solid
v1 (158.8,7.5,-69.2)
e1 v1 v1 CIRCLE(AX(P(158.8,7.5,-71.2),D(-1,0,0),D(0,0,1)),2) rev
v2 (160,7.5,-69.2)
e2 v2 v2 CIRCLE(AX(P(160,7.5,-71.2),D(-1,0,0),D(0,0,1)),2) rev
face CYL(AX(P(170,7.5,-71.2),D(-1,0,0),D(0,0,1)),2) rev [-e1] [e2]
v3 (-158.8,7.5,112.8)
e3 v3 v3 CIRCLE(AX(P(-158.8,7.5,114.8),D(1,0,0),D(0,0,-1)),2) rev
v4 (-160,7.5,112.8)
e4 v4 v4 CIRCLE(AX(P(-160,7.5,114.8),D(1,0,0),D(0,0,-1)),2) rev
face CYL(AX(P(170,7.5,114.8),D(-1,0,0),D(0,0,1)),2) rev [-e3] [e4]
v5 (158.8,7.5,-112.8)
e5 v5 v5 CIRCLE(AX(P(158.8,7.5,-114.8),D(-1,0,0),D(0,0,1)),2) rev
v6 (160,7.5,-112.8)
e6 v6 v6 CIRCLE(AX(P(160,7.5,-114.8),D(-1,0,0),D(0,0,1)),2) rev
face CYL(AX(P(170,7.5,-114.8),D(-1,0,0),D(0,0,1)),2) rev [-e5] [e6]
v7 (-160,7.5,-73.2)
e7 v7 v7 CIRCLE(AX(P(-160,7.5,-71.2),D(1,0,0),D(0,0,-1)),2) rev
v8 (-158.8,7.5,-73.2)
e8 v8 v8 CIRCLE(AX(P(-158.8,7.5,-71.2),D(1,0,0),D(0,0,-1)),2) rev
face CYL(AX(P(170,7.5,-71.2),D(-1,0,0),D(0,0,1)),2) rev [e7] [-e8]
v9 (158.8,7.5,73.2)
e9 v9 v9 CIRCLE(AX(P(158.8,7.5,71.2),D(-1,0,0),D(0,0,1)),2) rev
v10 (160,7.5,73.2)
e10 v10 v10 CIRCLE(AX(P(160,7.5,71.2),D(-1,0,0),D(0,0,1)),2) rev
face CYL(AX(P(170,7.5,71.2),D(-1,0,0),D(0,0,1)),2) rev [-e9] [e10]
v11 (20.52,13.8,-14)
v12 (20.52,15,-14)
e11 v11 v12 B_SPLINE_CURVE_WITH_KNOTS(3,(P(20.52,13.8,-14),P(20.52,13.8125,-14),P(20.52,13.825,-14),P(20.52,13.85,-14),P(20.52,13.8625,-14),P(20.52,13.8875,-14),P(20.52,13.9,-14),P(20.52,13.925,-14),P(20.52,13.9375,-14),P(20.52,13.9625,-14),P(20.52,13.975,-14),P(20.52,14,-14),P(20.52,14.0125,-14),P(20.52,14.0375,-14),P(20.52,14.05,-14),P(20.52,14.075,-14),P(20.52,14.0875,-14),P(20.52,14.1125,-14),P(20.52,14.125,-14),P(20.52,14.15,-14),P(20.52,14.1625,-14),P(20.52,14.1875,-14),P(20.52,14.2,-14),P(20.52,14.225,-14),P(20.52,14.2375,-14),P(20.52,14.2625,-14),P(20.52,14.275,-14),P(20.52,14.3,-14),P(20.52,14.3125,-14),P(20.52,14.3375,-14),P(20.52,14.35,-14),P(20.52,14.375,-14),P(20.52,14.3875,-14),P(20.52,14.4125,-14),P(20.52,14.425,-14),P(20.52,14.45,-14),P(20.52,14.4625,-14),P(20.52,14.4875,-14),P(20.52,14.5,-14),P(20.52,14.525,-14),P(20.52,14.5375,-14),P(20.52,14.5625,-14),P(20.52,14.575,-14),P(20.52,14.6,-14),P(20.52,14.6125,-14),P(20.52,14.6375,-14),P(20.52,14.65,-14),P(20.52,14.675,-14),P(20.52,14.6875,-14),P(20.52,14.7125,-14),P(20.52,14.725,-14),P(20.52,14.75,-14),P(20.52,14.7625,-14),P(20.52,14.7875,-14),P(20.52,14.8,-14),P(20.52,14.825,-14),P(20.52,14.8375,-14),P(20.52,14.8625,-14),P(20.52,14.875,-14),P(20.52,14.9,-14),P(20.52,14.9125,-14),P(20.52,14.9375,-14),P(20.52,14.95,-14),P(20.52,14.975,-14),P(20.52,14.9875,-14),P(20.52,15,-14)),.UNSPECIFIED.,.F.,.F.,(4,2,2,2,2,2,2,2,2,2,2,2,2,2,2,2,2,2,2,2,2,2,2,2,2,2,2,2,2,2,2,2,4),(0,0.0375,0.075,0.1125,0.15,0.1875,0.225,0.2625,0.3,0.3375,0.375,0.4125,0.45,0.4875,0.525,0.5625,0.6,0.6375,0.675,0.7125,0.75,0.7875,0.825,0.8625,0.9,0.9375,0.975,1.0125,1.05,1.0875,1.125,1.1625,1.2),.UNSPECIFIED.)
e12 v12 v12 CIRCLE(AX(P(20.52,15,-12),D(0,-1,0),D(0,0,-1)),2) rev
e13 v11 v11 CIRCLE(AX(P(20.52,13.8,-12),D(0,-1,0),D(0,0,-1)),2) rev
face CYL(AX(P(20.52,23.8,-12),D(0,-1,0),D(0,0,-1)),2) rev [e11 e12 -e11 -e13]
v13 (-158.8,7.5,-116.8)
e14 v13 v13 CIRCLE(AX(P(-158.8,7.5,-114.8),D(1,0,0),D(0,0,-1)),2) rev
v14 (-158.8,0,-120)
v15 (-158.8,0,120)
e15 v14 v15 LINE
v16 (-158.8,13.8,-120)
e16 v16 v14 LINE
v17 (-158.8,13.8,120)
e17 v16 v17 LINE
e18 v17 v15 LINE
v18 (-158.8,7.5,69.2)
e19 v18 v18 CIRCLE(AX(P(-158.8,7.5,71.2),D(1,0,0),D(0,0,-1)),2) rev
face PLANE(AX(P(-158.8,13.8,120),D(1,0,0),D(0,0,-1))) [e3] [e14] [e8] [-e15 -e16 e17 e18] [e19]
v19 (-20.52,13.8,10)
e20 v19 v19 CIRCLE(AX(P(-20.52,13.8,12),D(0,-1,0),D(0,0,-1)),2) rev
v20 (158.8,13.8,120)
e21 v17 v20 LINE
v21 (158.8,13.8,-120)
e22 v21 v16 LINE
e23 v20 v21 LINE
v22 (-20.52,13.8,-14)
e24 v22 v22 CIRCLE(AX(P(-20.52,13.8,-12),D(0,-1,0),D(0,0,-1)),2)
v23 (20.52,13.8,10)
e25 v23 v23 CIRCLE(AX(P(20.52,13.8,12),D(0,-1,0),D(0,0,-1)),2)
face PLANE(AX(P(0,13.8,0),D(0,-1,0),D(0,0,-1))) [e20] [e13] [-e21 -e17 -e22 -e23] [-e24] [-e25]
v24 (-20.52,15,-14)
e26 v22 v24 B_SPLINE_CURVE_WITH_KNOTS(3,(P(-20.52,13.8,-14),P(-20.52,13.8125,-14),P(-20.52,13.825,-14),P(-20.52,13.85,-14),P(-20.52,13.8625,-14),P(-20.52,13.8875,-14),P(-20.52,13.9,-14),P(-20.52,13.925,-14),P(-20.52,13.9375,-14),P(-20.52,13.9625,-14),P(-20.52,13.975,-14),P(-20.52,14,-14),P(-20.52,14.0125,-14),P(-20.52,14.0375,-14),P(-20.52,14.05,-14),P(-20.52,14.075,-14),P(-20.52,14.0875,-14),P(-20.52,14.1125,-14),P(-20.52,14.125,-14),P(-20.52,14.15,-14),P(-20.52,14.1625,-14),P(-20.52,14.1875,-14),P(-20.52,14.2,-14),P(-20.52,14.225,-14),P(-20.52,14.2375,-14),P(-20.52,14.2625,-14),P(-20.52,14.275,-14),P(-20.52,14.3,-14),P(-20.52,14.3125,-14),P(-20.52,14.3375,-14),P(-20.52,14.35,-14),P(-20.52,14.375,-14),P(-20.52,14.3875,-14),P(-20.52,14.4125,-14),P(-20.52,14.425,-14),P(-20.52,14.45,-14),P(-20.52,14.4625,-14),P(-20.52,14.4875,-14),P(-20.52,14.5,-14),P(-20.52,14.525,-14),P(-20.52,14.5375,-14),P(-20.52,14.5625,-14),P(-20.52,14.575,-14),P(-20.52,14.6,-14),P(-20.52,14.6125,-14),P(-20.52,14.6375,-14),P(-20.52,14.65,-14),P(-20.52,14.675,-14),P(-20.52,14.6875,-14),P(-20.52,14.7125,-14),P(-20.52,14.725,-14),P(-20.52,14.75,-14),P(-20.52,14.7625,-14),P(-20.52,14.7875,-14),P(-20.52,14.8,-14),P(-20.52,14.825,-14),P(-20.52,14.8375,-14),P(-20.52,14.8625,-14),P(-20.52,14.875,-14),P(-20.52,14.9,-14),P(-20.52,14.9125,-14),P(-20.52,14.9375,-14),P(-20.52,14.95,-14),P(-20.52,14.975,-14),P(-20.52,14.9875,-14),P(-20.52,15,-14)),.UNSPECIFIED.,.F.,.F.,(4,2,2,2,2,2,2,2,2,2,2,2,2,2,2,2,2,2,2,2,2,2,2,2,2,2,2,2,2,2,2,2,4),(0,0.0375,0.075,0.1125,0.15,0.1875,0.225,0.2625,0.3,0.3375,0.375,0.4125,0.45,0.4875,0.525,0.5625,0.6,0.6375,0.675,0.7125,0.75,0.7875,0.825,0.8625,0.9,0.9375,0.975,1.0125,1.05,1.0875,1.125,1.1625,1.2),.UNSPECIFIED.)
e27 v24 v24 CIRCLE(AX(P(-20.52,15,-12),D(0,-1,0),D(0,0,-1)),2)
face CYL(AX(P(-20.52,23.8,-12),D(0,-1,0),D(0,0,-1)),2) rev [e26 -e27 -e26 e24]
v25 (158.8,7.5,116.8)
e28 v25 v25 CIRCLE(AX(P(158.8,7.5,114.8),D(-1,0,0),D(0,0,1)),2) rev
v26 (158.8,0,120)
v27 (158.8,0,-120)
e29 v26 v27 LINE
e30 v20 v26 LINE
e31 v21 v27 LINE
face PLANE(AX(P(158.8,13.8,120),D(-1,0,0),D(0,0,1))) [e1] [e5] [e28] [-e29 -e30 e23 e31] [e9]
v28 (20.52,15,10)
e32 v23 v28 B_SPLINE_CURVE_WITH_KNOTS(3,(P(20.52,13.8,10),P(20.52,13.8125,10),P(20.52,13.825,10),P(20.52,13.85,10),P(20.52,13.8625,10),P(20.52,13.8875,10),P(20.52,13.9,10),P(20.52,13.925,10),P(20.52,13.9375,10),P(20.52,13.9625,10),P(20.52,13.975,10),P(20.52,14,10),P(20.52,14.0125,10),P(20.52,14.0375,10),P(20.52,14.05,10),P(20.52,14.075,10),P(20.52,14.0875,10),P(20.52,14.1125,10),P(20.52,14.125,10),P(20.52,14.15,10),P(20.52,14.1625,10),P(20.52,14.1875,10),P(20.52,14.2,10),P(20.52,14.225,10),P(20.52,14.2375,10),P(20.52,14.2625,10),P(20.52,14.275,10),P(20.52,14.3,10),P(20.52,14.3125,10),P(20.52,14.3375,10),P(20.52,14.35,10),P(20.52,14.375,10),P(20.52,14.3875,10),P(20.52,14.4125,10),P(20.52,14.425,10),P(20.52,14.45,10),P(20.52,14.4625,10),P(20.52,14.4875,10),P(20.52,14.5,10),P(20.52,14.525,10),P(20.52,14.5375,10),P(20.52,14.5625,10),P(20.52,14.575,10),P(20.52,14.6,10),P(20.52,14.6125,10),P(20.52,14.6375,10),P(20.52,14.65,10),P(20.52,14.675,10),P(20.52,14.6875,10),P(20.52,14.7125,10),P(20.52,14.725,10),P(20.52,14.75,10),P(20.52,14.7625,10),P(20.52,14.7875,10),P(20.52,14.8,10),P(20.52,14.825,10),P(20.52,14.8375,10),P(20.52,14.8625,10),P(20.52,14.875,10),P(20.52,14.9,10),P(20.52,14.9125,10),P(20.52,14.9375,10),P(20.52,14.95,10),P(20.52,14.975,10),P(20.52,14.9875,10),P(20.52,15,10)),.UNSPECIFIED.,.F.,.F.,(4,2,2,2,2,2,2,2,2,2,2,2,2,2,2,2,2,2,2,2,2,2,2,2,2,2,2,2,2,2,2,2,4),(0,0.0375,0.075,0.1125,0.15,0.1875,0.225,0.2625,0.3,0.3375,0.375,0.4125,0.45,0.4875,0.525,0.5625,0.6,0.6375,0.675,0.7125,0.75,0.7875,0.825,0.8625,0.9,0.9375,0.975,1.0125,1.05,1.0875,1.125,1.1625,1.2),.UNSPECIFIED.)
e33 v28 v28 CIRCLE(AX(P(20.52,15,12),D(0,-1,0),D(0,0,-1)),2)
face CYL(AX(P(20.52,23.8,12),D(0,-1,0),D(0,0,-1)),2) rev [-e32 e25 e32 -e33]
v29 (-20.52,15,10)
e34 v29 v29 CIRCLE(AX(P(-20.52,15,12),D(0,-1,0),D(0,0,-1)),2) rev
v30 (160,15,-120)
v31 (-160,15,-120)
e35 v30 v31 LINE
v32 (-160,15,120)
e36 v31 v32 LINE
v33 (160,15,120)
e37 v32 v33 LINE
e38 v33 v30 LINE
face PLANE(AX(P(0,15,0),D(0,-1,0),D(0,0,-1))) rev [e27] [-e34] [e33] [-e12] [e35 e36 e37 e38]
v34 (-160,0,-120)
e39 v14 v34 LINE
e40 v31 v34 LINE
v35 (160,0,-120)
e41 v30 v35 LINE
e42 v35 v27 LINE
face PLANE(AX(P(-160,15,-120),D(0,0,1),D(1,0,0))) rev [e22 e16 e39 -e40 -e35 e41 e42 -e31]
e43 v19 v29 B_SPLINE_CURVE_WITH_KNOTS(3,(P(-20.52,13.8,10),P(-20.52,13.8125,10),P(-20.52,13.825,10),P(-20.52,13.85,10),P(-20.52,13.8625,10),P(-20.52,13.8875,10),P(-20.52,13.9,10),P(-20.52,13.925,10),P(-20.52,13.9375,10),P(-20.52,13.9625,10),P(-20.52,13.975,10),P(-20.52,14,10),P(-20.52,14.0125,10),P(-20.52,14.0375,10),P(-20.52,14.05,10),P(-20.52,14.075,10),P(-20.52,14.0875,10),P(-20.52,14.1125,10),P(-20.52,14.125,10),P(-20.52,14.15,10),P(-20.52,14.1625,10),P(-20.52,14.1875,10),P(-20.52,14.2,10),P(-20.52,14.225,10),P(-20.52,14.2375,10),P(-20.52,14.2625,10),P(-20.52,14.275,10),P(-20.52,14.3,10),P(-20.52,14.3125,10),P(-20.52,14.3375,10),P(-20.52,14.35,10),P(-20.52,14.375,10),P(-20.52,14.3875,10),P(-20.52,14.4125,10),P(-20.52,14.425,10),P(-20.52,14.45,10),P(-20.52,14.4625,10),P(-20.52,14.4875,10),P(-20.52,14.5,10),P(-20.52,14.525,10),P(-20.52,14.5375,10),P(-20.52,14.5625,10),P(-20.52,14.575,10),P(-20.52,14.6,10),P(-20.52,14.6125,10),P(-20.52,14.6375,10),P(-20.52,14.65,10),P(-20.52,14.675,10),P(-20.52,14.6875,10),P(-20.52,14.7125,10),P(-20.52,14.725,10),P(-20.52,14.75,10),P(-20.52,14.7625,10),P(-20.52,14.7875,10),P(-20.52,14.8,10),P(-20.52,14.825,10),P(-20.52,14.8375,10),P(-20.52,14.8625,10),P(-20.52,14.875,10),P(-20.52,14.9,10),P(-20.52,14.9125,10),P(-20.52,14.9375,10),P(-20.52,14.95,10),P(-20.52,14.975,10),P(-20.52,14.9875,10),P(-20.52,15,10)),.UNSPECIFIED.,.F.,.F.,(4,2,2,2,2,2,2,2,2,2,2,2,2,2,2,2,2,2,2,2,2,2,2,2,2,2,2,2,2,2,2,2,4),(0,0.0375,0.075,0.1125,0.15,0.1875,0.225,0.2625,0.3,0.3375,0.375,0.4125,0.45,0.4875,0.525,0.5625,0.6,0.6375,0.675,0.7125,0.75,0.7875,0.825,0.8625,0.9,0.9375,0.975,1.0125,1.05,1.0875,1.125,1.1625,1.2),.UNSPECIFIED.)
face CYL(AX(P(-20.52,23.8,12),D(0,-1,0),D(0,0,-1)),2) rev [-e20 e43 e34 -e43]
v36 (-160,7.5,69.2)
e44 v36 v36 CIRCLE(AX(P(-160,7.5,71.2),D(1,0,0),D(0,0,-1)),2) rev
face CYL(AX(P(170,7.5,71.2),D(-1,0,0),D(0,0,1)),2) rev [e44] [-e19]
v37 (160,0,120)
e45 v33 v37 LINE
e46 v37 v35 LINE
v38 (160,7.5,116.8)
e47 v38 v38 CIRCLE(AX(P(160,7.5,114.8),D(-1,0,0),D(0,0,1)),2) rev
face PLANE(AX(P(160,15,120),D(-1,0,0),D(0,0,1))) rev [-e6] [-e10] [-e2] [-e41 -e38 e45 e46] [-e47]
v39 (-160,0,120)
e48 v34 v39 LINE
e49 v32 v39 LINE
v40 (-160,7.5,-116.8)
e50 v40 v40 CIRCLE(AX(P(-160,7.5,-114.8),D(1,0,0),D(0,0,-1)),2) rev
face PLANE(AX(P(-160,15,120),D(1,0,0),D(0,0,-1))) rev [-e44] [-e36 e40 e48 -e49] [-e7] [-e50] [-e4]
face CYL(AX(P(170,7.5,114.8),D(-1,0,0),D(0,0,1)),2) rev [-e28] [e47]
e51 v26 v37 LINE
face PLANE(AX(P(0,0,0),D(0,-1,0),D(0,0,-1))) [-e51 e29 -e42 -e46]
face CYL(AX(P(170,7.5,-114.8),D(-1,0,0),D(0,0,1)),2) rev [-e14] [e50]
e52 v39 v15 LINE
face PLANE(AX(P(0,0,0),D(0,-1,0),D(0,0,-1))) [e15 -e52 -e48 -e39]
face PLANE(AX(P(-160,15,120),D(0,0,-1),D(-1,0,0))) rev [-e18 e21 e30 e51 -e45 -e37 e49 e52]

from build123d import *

# Parameters (mm, degrees)
ESBO_O1_W                  = 320
ESBO_O1_H                  = 240
RESSALTO_EXTRUS_O1_DEPTH   = 15
ESBO_O2_W                  = 317.6
ESBO_O2_H                  = 240
CORTE_EXTRUS_O1_DEPTH      = 13.8
CORTE_EXTRUS_O2_START      = 10
ESBO_O3_R                  = 2
CORTE_EXTRUS_O2_DEPTH      = 13.8
CORTE_EXTRUS_O3_DEPTH      = 170
CORTE_EXTRUS_O3_DEPTH_BACK = 170
ESBO_O4_R                  = 2


with BuildPart() as part:
    # Esboço1 → Ressalto-extrusão1 (new body)
    with BuildSketch(Plane(origin=(0, 0, 0), x_dir=(1, 0, 0), z_dir=(0, 1, 0))):
        Rectangle(ESBO_O1_W, ESBO_O1_H)
    extrude(amount=RESSALTO_EXTRUS_O1_DEPTH)

    # Esboço2 → Corte-extrusão1 (cut)
    with BuildSketch(Plane(origin=(0, 0, 0), x_dir=(1, 0, 0), z_dir=(0, 1, 0))):
        Rectangle(ESBO_O2_W, ESBO_O2_H)
    extrude(amount=CORTE_EXTRUS_O1_DEPTH, mode=Mode.SUBTRACT)

    # Esboço3 → Corte-extrusão2 (cut)
    with BuildSketch(Plane(origin=(0, 0, 0), x_dir=(1, 0, 0), z_dir=(0, 1, 0)).offset(CORTE_EXTRUS_O2_START)):
        with Locations(Location((-20.52, -12, 0), (0, 0, 90))):
            Circle(ESBO_O3_R)
        with Locations(Location((20.52, -12, 0), (0, 0, 90))):
            Circle(ESBO_O3_R)
        with Locations(Location((20.52, 12, 0), (0, 0, 90))):
            Circle(ESBO_O3_R)
        with Locations(Location((-20.52, 12, 0), (0, 0, 90))):
            Circle(ESBO_O3_R)
    extrude(amount=CORTE_EXTRUS_O2_DEPTH, mode=Mode.SUBTRACT)

    # Esboço4 → Corte-extrusão3 (cut, two sides: drawn at the far end of the back side and taken through both)
    with BuildSketch(Plane(origin=(0, 0, 0), x_dir=(0, 0, -1), z_dir=(1, 0, 0)).offset(-CORTE_EXTRUS_O3_DEPTH_BACK)):
        with Locations((114.8, 7.5)):
            Circle(ESBO_O4_R)
        with Locations((71.2, 7.5)):
            Circle(ESBO_O4_R)
        with Locations((-114.8, 7.5)):
            Circle(ESBO_O4_R)
        with Locations((-71.2, 7.5)):
            Circle(ESBO_O4_R)
    extrude(amount=CORTE_EXTRUS_O3_DEPTH + CORTE_EXTRUS_O3_DEPTH_BACK, mode=Mode.SUBTRACT)


solid = part.part
